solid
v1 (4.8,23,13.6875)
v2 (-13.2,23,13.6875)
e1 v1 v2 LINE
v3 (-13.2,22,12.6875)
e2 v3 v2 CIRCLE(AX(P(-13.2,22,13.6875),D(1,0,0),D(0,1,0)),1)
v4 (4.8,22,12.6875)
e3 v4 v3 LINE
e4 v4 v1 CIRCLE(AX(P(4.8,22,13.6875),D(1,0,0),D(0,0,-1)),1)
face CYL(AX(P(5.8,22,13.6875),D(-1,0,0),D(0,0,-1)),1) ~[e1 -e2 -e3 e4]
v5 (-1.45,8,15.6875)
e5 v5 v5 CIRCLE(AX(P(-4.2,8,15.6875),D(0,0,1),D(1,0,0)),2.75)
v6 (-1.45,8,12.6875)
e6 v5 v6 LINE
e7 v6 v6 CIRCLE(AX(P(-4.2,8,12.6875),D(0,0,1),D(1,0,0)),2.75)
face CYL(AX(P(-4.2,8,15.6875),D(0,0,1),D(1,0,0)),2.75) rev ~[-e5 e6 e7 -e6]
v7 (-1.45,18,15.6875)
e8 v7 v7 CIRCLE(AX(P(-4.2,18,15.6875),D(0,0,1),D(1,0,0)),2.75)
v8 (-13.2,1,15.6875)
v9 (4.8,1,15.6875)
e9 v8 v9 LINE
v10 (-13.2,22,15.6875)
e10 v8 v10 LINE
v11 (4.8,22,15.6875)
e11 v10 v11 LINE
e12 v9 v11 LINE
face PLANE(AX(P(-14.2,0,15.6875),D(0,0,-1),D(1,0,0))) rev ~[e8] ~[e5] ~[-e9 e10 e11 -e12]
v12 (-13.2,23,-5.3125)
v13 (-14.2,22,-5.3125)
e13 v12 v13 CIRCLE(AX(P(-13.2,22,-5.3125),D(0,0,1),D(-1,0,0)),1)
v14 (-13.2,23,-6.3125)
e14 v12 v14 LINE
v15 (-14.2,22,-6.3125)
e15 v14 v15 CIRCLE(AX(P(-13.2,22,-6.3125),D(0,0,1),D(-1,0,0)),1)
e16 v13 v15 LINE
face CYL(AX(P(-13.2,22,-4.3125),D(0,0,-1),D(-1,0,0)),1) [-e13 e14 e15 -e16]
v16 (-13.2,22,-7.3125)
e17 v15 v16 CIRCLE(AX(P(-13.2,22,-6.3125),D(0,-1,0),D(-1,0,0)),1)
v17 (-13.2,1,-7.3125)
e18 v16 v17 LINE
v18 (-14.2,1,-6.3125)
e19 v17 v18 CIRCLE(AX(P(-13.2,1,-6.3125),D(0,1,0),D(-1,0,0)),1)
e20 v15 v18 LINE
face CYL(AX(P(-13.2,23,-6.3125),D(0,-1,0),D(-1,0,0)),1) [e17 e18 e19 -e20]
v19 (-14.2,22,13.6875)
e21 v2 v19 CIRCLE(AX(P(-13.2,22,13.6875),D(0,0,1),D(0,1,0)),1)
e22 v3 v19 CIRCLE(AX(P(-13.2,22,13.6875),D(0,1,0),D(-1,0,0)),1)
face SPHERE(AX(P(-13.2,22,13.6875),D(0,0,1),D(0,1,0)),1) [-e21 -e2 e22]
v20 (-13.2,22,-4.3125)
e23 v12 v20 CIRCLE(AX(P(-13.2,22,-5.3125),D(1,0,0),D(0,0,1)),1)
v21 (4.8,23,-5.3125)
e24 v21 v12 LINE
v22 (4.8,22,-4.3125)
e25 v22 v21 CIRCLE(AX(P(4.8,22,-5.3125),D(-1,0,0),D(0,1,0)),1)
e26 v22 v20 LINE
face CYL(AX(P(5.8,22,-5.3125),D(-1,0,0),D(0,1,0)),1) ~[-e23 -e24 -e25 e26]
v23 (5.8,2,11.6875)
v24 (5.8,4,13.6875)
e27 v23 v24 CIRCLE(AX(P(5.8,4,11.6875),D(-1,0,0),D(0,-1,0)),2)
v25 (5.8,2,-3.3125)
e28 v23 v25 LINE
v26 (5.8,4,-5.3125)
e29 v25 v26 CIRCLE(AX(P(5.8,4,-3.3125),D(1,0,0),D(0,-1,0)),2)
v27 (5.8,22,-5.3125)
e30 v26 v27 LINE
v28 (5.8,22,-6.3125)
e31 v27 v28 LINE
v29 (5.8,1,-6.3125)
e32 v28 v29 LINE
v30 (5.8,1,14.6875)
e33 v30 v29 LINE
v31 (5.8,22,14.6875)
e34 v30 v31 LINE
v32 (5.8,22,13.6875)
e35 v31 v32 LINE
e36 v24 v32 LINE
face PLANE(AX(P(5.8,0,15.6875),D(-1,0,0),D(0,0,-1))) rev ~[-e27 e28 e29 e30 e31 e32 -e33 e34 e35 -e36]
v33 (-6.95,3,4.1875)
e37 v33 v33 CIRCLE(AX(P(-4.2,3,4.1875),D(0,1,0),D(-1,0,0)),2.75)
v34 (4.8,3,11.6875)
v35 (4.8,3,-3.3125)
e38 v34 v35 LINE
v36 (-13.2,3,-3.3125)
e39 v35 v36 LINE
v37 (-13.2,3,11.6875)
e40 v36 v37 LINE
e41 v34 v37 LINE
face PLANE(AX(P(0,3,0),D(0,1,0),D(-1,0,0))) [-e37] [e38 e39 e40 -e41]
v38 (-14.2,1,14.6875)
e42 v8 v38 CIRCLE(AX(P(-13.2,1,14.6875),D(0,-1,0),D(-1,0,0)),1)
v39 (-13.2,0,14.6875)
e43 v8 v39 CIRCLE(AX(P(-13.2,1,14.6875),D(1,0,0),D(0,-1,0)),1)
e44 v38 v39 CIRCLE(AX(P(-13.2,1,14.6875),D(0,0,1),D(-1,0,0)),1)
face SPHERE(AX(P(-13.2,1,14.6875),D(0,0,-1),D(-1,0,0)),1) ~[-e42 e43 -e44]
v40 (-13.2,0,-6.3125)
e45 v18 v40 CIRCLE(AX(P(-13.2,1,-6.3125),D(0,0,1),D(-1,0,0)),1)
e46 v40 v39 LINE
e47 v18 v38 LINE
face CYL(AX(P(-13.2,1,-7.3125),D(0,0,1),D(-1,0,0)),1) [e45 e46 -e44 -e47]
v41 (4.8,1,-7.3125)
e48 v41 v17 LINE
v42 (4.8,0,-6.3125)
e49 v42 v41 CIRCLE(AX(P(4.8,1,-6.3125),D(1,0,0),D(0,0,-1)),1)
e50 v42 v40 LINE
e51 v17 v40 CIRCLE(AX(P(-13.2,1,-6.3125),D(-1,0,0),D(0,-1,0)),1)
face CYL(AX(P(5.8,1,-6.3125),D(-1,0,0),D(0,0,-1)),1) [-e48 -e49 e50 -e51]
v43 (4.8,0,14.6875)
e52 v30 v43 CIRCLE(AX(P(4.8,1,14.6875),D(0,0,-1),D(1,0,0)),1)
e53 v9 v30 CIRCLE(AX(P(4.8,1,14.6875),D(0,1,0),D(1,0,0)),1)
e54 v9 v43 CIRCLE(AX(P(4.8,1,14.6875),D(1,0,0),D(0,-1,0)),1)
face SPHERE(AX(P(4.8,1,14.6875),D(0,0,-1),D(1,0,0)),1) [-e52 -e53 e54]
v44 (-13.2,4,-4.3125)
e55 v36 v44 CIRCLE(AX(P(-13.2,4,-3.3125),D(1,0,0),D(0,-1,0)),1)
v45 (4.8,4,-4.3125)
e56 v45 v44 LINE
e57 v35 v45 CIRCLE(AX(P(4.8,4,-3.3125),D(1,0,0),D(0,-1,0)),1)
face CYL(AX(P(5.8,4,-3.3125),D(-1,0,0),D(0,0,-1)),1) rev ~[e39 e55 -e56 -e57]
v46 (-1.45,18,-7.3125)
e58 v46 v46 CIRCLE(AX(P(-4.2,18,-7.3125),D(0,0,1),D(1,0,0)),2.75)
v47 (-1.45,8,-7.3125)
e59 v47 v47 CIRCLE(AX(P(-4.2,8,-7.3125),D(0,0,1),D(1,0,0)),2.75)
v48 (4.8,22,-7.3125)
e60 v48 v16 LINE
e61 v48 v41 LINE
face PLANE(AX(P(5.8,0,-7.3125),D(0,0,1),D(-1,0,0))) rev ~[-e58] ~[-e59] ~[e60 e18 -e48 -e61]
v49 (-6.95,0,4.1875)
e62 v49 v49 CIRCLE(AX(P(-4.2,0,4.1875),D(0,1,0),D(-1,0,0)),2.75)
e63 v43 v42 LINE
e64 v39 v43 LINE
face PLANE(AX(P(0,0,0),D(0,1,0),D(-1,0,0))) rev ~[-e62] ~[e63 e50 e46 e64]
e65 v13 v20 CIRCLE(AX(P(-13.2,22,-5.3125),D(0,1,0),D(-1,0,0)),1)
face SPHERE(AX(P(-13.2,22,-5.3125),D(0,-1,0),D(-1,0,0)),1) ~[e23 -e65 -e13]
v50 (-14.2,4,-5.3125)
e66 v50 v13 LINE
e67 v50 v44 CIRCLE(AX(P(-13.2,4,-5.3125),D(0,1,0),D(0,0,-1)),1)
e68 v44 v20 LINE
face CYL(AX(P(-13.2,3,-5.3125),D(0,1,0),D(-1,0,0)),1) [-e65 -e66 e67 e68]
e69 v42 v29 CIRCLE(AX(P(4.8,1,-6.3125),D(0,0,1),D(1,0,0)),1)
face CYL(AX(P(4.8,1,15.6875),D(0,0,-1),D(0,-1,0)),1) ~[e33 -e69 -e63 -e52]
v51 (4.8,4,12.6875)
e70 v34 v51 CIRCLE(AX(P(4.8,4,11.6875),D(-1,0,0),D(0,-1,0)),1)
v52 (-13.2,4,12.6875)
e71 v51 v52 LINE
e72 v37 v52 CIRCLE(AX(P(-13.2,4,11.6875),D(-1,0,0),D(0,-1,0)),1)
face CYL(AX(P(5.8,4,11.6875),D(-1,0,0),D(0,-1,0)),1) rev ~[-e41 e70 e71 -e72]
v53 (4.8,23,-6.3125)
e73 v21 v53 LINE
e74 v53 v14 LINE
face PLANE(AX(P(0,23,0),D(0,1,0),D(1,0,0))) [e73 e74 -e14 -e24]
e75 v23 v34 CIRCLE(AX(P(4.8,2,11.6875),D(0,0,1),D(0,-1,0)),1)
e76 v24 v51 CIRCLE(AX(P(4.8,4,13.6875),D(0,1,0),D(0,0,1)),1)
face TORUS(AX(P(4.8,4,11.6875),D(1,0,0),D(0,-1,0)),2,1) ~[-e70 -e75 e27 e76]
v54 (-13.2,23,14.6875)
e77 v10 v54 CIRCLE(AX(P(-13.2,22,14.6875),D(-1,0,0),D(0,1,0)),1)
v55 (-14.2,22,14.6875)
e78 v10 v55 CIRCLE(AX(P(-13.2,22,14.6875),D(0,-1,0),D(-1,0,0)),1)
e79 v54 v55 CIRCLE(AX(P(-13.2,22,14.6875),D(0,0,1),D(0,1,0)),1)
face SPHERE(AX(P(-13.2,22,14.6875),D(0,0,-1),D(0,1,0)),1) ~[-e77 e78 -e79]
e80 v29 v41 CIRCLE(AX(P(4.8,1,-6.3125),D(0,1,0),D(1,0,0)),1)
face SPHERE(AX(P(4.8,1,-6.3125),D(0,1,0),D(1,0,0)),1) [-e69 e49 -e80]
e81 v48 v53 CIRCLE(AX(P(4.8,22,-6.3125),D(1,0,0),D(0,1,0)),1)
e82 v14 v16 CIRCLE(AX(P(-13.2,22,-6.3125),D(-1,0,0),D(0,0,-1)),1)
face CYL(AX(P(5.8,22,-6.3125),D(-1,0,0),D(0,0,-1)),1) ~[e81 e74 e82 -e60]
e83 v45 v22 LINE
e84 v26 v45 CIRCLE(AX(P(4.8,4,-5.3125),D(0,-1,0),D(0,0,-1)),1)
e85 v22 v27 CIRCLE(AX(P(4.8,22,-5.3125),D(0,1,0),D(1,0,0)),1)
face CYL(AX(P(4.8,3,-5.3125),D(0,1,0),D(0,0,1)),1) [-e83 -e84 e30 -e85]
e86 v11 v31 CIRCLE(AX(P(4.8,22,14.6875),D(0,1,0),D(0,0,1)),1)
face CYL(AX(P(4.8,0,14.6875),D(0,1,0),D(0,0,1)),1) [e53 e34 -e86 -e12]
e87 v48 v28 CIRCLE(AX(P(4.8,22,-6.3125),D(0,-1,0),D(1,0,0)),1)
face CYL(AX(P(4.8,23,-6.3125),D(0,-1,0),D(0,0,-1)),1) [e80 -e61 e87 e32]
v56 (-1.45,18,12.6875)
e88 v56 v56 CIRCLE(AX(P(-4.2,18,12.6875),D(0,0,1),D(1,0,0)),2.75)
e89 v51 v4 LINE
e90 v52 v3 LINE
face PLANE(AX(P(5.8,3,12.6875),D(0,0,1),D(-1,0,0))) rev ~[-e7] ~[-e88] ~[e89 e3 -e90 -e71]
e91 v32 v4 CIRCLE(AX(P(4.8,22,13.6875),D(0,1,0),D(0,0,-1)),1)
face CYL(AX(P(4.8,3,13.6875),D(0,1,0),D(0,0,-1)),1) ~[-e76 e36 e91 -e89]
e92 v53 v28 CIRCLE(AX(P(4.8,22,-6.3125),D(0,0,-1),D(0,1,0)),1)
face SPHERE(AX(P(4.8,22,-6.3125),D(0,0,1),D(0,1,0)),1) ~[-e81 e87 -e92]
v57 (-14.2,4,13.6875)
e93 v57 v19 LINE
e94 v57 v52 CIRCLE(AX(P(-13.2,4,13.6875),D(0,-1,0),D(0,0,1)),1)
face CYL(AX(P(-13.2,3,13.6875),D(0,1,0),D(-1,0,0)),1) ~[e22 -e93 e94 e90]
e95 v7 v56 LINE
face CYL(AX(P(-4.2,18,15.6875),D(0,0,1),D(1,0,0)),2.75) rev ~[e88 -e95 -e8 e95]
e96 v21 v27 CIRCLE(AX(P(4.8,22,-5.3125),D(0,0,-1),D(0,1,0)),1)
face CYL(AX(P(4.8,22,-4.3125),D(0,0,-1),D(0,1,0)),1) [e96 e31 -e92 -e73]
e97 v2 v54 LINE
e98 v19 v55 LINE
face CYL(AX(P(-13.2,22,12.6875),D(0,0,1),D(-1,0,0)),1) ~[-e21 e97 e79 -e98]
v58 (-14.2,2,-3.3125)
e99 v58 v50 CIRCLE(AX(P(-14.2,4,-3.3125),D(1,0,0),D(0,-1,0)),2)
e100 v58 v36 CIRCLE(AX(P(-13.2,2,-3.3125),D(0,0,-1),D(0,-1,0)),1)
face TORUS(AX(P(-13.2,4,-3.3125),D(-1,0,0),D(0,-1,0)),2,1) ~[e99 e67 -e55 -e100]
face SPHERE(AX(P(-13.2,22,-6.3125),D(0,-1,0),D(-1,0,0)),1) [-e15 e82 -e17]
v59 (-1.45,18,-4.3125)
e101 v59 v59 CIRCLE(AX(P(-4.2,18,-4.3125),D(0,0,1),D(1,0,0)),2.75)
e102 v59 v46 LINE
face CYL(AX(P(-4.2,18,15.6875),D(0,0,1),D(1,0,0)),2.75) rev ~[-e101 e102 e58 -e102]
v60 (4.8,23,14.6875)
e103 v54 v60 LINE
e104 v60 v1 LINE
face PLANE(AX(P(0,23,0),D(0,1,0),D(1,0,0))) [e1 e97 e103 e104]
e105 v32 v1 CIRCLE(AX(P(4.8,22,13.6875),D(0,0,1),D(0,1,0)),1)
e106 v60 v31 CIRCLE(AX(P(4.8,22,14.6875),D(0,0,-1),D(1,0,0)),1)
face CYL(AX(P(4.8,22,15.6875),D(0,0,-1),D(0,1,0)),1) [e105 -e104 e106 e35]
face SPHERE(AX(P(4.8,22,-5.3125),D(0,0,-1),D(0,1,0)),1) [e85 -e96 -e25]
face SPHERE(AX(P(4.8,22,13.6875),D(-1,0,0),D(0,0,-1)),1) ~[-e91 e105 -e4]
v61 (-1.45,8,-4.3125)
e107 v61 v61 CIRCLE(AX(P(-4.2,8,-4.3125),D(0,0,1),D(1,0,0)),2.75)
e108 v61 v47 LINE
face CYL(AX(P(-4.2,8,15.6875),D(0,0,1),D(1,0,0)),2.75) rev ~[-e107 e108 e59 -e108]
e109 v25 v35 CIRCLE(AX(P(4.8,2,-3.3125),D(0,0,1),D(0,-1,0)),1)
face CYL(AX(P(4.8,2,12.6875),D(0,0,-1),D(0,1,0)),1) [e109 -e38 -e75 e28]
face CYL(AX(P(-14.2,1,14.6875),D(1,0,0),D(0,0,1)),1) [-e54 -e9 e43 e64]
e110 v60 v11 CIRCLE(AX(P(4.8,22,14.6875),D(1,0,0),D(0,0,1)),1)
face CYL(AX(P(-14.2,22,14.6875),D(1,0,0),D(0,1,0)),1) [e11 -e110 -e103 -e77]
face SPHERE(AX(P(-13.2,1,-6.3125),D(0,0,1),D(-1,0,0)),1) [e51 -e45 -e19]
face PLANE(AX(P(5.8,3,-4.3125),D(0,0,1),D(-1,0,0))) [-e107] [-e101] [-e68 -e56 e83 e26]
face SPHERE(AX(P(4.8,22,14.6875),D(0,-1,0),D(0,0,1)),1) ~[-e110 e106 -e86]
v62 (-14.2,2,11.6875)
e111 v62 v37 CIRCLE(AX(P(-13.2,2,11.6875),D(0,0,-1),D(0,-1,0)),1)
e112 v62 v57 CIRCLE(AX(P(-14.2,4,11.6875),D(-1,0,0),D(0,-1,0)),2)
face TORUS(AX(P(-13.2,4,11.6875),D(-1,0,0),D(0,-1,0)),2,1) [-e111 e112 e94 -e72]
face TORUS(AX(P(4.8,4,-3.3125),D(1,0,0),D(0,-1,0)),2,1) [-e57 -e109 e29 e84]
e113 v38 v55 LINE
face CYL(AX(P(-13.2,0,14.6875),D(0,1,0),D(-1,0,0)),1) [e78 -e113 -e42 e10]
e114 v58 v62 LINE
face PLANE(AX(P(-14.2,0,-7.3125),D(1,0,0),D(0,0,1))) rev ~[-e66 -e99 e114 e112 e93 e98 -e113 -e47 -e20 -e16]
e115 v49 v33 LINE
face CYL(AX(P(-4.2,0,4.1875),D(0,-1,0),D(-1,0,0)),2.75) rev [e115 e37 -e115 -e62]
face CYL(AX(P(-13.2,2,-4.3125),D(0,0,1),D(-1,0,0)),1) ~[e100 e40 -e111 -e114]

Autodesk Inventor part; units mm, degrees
ref_plane "YZ Plane" through (0, 0, 0) normal (1, 0, 0) x (0, 1, 0)
ref_plane "XZ Plane" through (0, 0, 0) normal (0, 1, 0) x (-1, 0, 0)
ref_plane "XY Plane" through (0, 0, 0) normal (0, 0, 1) x (1, 0, 0)
sketch "Sketch1" plane through (0, 0, 0) normal (0, 1, 0) x (-1, 0, 0)
  line L0 (14.2, 15.6875) -> (-5.8, 15.6875)
  line L1 (-5.8, 15.6875) -> (-5.8, -7.3125)
  line L2 (-5.8, -7.3125) -> (14.2, -7.3125)
  line L3 (14.2, -7.3125) -> (14.2, 15.6875)
  circle A0 centre (4.2, 4.1875) radius 2.75
  point P0 (0, 0)
  dimension "d0" = 20
  dimension "d1" = 23
  dimension "d9" = 5.5
  dimension "d10" = 11.5
  dimension "d11" = 10
extrude "Extrusion2" add sketch "Sketch1" along normal blind 3
sketch "Sketch3" plane through (0, 3, 0) normal (0, 1, 0) x (1, 0, 0)
  line L0 (5.8, -15.6875) -> (5.8, 7.3125) projected
  line L1 (-14.2, -15.6875) -> (5.8, -15.6875) projected
  line L2 (5.8, -12.6875) -> (-14.2, -12.6875)
  line L3 (-14.2, -12.6875) -> (-14.2, -15.6875)
  line L4 (-14.2, -15.6875) -> (5.8, -15.6875)
  line L5 (5.8, -15.6875) -> (5.8, -12.6875)
  line L6 (5.8, 7.3125) -> (-14.2, 7.3125) projected
  line L7 (5.8, 4.3125) -> (-14.2, 4.3125)
  line L8 (-14.2, 4.3125) -> (-14.2, 7.3125)
  line L9 (-14.2, 7.3125) -> (5.8, 7.3125)
  line L10 (5.8, 7.3125) -> (5.8, 4.3125)
  point P0 (0, 0)
  dimension "d14" = 3
  dimension "d15" = 3
extrude "Extrusion3" add sketch "Sketch3" along normal blind 20
sketch "Sketch4" plane through (-14.2, 0, 15.6875) normal (0, 0, 1) x (1, 0, 0)
  circle A0 centre (10, 8) radius 2.75
  circle A1 centre (10, 18) radius 2.75
  line L0 (0, 0) -> (20, 0) projected
  line L1 (0, 23) -> (20, 23) projected
  line L2 (20, 0) -> (20, 23) projected
  line L3 (0, 3) -> (20, 3) projected
  point P0 (14.2, 0)
  dimension "d18" = 5.5
  dimension "d19" = 5.5
  dimension "d21" = 5
  dimension "d22" = 10
  dimension "d25" = 5
extrude "Extrusion4" cut sketch "Sketch4" against normal through all
fillet "Fillet1" radius 1 24 edges at (-14.2, 3, 4.1875) (-14.2, 13, -4.3125) (5.8, 3, 4.1875) (-14.2, 0, 4.1875) (-14.2, 11.5, -7.3125) (-14.2, 23, -5.8125) (5.8, 23, -5.8125) (-14.2, 23, 14.1875) (-4.2, 23, 12.6875) (-14.2, 13, 12.6875) (-4.2, 23, -4.3125) (-4.2, 23, -7.3125) (5.8, 13, -4.3125) (5.8, 11.5, -7.3125) (5.8, 0, 4.1875) (5.8, 11.5, 15.6875) (5.8, 13, 12.6875) (-4.2, 23, 15.6875) (5.8, 23, 14.1875) (-14.2, 11.5, 15.6875) (-4.2, 0, 15.6875) (-4.2, 0, -7.3125) (-4.2, 3, 12.6875) (-4.2, 3, -4.3125)
properties part number "top printhead screwplate2"
